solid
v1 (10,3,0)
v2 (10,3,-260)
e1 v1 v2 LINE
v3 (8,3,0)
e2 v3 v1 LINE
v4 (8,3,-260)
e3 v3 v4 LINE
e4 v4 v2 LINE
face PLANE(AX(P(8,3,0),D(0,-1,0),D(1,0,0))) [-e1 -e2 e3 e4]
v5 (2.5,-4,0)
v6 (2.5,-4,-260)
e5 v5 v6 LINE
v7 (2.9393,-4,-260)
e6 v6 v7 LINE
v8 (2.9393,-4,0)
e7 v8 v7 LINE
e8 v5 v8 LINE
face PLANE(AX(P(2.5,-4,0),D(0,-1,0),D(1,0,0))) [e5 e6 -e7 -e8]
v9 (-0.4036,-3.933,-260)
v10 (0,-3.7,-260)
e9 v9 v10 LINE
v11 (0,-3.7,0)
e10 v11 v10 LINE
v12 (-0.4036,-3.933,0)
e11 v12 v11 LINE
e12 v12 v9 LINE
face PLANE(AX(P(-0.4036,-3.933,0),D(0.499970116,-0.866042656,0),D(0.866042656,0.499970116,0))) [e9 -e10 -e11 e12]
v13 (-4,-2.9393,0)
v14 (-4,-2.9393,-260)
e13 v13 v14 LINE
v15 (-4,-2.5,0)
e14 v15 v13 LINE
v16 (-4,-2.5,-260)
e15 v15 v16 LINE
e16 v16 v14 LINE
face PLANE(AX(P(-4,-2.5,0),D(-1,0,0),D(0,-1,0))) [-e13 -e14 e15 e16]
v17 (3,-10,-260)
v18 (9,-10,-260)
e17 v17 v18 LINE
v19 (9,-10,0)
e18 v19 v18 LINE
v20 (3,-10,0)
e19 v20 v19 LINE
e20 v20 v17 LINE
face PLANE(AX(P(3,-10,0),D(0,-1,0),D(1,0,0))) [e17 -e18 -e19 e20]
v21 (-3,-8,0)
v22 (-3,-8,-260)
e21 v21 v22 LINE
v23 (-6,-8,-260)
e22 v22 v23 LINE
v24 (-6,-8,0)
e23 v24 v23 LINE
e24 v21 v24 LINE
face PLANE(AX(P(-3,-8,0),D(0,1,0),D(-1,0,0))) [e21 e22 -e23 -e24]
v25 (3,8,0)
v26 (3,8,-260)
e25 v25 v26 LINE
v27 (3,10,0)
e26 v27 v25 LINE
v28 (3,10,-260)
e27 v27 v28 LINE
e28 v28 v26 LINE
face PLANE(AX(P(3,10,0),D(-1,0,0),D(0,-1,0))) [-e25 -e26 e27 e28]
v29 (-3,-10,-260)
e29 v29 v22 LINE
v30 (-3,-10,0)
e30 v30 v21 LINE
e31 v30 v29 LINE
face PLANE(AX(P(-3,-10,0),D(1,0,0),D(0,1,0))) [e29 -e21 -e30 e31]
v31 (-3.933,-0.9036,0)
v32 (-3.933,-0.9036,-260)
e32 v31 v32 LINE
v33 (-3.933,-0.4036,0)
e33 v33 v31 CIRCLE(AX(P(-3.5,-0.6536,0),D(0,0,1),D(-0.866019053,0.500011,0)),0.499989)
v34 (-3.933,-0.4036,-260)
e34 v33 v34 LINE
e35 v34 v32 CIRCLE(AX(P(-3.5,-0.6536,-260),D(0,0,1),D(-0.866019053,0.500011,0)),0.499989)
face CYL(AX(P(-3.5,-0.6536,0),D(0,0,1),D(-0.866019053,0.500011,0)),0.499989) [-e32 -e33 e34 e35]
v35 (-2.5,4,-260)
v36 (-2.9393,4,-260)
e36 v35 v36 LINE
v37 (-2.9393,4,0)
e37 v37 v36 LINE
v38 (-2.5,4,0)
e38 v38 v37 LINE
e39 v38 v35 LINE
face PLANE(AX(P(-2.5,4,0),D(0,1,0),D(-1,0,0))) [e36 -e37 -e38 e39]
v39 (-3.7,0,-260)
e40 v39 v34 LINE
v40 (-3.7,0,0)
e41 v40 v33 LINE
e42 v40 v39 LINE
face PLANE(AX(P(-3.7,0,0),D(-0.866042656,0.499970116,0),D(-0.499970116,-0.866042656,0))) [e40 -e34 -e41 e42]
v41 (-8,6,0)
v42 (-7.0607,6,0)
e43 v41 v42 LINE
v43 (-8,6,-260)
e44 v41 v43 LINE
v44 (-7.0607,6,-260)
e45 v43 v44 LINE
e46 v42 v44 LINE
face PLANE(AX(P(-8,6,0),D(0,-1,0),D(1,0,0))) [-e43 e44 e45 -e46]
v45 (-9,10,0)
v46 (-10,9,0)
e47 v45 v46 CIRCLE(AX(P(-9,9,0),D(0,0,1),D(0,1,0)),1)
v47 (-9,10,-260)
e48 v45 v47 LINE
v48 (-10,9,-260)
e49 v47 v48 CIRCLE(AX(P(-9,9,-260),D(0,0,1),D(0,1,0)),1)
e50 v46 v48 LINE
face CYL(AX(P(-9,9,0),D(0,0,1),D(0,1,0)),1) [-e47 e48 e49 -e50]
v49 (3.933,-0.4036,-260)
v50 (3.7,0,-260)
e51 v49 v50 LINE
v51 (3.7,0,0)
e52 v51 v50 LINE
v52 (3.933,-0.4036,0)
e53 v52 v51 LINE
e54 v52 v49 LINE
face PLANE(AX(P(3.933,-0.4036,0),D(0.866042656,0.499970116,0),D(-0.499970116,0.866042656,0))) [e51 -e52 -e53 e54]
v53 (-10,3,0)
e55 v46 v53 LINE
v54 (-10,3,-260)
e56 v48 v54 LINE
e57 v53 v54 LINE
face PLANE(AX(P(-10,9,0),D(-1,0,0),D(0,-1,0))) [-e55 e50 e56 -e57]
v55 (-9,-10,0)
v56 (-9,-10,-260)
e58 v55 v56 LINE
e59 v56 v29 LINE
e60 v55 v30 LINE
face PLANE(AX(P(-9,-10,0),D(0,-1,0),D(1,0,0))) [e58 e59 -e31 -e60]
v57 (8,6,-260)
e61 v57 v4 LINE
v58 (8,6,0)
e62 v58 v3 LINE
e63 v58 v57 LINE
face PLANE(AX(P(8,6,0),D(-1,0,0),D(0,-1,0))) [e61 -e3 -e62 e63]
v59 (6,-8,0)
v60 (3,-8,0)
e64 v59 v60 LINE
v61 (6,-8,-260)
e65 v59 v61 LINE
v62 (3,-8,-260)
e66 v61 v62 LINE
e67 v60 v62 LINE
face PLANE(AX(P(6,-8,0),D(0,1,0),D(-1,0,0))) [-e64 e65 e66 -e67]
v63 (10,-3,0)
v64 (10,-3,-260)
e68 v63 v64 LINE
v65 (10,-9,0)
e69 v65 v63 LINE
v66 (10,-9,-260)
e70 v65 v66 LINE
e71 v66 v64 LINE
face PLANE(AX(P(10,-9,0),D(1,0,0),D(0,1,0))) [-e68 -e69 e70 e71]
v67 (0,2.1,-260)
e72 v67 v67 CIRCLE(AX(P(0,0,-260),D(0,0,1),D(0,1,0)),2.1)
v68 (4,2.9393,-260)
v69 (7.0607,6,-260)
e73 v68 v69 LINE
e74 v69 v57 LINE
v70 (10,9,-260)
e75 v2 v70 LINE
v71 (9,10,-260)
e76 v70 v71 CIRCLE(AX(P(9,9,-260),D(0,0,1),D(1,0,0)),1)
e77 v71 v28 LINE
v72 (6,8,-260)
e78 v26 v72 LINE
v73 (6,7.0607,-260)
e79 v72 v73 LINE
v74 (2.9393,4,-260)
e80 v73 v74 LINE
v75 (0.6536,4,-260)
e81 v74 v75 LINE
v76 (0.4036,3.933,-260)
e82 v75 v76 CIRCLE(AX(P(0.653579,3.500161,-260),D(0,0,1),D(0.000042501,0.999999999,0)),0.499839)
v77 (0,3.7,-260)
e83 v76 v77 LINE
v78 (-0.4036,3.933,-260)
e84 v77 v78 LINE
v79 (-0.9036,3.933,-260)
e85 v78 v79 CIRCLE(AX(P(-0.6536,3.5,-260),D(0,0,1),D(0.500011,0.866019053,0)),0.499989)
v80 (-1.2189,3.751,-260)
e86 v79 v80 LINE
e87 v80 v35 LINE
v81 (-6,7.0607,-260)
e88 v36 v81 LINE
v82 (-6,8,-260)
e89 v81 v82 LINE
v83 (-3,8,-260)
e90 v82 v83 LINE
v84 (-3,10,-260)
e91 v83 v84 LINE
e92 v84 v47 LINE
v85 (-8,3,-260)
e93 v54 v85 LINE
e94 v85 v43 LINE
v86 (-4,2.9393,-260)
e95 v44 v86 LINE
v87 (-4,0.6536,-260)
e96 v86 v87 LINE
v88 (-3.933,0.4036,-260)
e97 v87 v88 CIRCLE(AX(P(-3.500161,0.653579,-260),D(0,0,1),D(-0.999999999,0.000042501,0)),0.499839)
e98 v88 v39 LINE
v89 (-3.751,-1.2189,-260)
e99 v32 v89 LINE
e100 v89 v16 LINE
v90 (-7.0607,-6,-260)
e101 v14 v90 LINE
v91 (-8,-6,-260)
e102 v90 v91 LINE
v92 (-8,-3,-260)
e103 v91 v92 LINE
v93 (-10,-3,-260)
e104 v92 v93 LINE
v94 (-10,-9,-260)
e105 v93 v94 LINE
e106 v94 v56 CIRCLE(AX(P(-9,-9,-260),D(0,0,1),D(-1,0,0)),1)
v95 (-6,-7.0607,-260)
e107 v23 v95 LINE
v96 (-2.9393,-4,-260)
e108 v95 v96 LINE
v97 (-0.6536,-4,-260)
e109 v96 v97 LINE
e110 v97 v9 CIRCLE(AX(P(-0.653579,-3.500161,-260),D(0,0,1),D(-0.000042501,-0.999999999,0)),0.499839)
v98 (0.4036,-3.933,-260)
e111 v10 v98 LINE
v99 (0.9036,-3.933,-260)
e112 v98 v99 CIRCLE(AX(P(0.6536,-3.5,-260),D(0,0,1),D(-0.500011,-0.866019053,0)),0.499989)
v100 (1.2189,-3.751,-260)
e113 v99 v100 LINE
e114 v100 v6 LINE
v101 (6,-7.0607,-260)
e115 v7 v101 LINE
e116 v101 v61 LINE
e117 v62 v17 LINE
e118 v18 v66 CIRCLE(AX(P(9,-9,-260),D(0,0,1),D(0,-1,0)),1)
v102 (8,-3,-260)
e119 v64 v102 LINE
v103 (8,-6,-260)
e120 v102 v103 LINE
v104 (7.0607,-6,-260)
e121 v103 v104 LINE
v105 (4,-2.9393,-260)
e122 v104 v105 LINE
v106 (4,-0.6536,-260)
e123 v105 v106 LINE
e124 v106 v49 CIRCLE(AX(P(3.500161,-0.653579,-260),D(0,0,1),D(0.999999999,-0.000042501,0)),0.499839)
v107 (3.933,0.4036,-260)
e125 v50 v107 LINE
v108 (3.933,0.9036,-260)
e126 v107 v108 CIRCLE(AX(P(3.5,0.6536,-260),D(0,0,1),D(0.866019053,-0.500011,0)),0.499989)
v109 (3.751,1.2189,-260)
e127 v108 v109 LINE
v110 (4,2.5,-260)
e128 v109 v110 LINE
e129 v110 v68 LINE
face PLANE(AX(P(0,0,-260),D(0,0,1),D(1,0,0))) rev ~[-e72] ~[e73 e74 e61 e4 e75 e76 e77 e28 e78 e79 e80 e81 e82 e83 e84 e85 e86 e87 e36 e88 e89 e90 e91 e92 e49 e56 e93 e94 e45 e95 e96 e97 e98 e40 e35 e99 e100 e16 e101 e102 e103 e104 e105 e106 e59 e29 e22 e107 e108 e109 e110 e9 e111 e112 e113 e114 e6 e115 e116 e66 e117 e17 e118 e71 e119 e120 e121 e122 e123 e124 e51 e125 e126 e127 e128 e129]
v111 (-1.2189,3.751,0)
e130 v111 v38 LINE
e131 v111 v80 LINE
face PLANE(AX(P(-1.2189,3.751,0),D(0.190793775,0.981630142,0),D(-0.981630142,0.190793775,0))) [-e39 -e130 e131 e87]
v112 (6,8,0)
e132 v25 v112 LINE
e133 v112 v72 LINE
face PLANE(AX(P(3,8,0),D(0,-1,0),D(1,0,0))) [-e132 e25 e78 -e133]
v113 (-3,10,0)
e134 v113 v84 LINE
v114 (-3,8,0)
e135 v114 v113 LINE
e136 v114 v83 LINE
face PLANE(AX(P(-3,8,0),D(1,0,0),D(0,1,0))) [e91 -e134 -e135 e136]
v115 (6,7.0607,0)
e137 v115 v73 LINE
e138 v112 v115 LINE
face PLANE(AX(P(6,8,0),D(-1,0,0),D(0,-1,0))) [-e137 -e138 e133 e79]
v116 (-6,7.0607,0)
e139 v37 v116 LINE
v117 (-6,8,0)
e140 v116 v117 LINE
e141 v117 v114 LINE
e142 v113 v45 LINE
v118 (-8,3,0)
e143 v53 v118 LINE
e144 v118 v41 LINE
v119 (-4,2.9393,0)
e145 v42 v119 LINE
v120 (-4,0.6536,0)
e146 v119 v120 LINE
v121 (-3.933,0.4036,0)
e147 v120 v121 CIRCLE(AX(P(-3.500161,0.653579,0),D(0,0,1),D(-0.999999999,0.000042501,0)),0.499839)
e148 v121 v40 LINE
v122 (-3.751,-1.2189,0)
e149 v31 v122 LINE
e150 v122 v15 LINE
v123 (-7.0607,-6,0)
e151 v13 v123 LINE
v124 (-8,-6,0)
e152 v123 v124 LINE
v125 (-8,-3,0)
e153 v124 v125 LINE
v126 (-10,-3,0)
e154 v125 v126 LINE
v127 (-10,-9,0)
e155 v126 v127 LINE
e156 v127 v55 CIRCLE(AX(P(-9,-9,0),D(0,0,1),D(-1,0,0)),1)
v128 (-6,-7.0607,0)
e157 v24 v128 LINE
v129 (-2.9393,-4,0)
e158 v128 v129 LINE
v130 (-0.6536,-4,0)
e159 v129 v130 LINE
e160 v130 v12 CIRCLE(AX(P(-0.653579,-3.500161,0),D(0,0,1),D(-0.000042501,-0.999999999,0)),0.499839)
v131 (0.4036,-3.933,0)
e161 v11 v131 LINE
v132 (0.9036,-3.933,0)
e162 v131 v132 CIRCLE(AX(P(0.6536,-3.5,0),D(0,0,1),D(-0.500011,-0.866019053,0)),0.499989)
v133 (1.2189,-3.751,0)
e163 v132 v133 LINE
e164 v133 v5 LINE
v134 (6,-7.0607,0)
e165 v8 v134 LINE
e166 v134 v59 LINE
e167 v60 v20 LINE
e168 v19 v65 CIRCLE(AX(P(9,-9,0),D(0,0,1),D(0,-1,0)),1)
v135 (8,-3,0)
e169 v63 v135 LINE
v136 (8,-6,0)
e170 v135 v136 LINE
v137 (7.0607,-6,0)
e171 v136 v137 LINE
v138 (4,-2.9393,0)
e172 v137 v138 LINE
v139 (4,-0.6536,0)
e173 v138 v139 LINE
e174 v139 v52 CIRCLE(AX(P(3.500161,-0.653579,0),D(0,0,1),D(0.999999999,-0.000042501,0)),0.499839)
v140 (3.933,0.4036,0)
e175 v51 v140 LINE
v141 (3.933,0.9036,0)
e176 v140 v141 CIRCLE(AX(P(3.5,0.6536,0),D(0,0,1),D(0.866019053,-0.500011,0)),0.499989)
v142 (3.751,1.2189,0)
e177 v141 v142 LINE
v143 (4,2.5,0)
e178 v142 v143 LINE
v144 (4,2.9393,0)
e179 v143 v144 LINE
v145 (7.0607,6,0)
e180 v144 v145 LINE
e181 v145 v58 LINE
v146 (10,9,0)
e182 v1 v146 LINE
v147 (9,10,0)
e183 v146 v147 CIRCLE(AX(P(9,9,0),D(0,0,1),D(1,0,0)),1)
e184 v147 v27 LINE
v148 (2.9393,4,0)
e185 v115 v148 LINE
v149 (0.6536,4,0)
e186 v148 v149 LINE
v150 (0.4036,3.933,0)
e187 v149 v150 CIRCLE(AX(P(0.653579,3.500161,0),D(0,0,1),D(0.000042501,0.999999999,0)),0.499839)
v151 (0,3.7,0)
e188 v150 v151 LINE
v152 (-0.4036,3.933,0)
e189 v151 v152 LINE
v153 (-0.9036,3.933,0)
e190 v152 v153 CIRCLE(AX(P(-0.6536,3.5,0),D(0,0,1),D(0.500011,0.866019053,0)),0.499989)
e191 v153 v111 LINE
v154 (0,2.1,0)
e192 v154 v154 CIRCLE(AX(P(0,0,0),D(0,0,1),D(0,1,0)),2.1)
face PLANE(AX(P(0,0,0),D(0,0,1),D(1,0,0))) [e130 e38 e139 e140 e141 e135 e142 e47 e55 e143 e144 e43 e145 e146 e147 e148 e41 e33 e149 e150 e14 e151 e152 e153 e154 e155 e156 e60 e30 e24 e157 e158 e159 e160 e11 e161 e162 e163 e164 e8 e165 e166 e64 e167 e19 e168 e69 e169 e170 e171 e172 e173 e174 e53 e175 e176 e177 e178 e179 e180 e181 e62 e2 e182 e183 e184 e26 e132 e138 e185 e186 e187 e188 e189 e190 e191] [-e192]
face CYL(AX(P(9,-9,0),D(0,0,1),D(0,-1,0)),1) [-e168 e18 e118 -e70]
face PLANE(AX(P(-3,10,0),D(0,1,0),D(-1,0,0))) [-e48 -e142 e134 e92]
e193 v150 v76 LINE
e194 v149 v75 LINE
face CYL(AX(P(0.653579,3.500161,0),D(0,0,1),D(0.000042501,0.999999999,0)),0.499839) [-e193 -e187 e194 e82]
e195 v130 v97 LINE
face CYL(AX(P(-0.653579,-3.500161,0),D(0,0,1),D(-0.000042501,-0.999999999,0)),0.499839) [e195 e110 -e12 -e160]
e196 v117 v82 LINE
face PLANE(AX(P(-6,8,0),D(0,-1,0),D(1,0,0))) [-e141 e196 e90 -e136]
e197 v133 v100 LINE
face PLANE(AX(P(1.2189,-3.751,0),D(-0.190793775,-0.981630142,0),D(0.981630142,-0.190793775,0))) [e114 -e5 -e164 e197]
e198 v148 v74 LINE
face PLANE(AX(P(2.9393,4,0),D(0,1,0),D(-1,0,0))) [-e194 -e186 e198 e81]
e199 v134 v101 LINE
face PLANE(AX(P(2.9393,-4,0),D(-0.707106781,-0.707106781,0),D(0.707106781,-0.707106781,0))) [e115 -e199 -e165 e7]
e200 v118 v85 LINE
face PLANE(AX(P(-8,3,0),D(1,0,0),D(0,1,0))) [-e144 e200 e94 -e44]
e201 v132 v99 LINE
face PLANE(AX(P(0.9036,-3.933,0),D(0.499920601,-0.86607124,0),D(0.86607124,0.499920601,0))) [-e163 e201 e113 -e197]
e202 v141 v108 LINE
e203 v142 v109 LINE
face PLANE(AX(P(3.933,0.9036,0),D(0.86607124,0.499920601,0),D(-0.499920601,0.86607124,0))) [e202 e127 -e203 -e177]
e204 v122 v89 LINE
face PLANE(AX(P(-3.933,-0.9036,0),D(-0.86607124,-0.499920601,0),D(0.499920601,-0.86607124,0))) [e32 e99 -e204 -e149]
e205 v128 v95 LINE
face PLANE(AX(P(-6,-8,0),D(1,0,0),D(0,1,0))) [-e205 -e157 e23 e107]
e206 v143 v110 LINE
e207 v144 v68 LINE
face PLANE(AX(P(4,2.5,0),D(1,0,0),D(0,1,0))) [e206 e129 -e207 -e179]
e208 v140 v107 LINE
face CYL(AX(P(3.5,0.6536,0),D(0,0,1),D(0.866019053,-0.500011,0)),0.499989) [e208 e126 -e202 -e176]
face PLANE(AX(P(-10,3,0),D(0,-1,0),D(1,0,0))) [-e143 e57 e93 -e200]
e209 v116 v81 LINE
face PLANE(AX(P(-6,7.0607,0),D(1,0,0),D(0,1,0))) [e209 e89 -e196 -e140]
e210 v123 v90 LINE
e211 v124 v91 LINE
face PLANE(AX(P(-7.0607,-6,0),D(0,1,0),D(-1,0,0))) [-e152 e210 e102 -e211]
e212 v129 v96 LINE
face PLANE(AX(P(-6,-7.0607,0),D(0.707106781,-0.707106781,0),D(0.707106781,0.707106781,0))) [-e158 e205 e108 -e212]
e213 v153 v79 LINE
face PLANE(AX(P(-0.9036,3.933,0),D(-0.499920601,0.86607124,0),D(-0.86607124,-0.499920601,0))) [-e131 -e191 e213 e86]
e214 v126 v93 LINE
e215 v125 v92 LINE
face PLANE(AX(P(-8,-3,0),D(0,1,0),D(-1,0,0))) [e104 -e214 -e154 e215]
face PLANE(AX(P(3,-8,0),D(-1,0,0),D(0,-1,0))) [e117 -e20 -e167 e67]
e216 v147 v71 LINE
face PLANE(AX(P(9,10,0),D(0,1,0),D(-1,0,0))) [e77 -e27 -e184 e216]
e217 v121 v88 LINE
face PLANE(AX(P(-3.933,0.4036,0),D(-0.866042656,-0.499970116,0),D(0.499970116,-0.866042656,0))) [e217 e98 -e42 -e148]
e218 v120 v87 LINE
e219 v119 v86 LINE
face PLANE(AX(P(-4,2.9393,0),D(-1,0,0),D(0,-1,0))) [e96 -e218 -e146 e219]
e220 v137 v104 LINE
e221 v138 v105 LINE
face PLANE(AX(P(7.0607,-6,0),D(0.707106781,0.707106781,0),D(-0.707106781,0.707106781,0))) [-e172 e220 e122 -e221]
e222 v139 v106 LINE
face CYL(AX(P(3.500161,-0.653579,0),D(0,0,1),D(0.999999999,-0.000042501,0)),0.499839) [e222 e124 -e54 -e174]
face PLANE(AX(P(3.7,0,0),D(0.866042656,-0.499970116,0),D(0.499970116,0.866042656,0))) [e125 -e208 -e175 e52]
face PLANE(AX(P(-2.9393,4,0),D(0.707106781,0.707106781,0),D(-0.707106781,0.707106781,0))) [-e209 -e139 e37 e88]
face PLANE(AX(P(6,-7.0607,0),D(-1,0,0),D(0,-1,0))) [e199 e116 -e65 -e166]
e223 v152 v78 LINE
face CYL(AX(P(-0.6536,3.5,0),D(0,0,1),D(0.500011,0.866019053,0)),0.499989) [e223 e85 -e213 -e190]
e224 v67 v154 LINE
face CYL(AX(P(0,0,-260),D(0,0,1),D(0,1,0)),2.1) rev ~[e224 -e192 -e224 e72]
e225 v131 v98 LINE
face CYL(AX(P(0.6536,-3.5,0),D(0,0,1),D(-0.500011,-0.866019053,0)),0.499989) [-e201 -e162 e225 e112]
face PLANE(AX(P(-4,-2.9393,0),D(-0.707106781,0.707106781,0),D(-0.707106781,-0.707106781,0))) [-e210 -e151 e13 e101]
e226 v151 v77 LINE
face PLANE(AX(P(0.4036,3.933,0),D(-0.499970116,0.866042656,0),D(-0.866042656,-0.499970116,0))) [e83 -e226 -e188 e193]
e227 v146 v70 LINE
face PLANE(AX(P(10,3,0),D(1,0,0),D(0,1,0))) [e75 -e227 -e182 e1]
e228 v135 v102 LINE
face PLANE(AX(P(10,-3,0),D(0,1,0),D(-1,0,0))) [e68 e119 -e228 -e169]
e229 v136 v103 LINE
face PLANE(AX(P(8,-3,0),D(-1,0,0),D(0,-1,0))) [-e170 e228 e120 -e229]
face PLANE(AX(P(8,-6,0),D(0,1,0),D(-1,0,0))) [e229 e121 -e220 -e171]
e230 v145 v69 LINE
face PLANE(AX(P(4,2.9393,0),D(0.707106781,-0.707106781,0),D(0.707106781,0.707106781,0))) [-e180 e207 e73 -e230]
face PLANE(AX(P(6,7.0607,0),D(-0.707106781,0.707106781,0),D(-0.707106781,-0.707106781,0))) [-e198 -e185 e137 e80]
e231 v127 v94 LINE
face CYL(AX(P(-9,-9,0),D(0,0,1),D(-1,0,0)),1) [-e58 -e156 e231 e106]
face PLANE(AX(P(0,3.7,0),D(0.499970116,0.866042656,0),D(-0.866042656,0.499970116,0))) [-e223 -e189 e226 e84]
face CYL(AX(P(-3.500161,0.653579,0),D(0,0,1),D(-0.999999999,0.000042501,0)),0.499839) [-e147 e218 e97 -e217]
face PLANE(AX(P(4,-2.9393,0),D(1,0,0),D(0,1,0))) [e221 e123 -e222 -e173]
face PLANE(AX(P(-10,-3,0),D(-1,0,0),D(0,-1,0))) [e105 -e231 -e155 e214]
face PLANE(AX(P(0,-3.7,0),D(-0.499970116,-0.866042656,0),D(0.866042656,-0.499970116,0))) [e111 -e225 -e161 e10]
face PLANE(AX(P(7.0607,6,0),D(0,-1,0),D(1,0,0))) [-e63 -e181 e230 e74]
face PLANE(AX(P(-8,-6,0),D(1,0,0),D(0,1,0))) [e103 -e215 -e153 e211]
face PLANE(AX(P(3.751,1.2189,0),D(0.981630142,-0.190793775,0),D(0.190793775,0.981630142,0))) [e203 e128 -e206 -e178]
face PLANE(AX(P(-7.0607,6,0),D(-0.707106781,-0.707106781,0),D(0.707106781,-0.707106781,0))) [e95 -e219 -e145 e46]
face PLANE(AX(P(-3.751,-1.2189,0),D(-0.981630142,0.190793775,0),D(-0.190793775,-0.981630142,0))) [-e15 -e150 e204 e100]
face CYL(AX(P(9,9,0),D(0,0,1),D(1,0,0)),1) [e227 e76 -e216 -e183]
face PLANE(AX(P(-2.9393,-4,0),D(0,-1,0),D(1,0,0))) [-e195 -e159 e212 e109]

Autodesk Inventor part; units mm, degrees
sketch "Sketch_75" plane through (0, 0, 0) normal (0, 0, 1) x (1, 0, 0)
  line L0 (-10, -3) -> (-10, -9)
  arc A0 (-10, -9) -> (-9, -10) centre (-9, -9) ccw
  line L1 (-9, -10) -> (-3, -10)
  line L2 (-3, -10) -> (-3, -8)
  line L3 (-3, -8) -> (-6, -8)
  line L4 (-6, -8) -> (-6, -7.0607)
  line L5 (-6, -7.0607) -> (-2.9393, -4)
  line L6 (-2.9393, -4) -> (-0.6536, -4)
  arc A1 (-0.6536, -4) -> (-0.4036, -3.933) centre (-0.6536, -3.5) ccw
  line L7 (-0.4036, -3.933) -> (0, -3.7)
  line L8 (0, -3.7) -> (0.4036, -3.933)
  arc A2 (0.4036, -3.933) -> (0.9036, -3.933) centre (0.6536, -3.5) ccw
  line L9 (0.9036, -3.933) -> (1.2189, -3.751)
  line L10 (1.2189, -3.751) -> (2.5, -4)
  line L11 (2.5, -4) -> (2.9393, -4)
  line L12 (2.9393, -4) -> (6, -7.0607)
  line L13 (6, -7.0607) -> (6, -8)
  line L14 (6, -8) -> (3, -8)
  line L15 (3, -8) -> (3, -10)
  line L16 (3, -10) -> (9, -10)
  arc A3 (9, -10) -> (10, -9) centre (9, -9) ccw
  line L17 (10, -9) -> (10, -3)
  line L18 (10, -3) -> (8, -3)
  line L19 (8, -3) -> (8, -6)
  line L20 (8, -6) -> (7.0607, -6)
  line L21 (7.0607, -6) -> (4, -2.9393)
  line L22 (4, -2.9393) -> (4, -0.6536)
  arc A4 (4, -0.6536) -> (3.933, -0.4036) centre (3.5, -0.6536) ccw
  line L23 (3.933, -0.4036) -> (3.7, 0)
  line L24 (3.7, 0) -> (3.933, 0.4036)
  arc A5 (3.933, 0.4036) -> (3.933, 0.9036) centre (3.5, 0.6536) ccw
  line L25 (3.933, 0.9036) -> (3.751, 1.2189)
  line L26 (3.751, 1.2189) -> (4, 2.5)
  line L27 (4, 2.5) -> (4, 2.9393)
  line L28 (4, 2.9393) -> (7.0607, 6)
  line L29 (7.0607, 6) -> (8, 6)
  line L30 (8, 6) -> (8, 3)
  line L31 (8, 3) -> (10, 3)
  line L32 (10, 3) -> (10, 9)
  arc A6 (10, 9) -> (9, 10) centre (9, 9) ccw
  line L33 (9, 10) -> (3, 10)
  line L34 (3, 10) -> (3, 8)
  line L35 (3, 8) -> (6, 8)
  line L36 (6, 8) -> (6, 7.0607)
  line L37 (6, 7.0607) -> (2.9393, 4)
  line L38 (2.9393, 4) -> (0.6536, 4)
  arc A7 (0.6536, 4) -> (0.4036, 3.933) centre (0.6536, 3.5) ccw
  line L39 (0.4036, 3.933) -> (0, 3.7)
  line L40 (0, 3.7) -> (-0.4036, 3.933)
  arc A8 (-0.4036, 3.933) -> (-0.9036, 3.933) centre (-0.6536, 3.5) ccw
  line L41 (-0.9036, 3.933) -> (-1.2189, 3.751)
  line L42 (-1.2189, 3.751) -> (-2.5, 4)
  line L43 (-2.5, 4) -> (-2.9393, 4)
  line L44 (-2.9393, 4) -> (-6, 7.0607)
  line L45 (-6, 7.0607) -> (-6, 8)
  line L46 (-6, 8) -> (-3, 8)
  line L47 (-3, 8) -> (-3, 10)
  line L48 (-3, 10) -> (-9, 10)
  arc A9 (-9, 10) -> (-10, 9) centre (-9, 9) ccw
  line L49 (-10, 9) -> (-10, 3)
  line L50 (-10, 3) -> (-8, 3)
  line L51 (-8, 3) -> (-8, 6)
  line L52 (-8, 6) -> (-7.0607, 6)
  line L53 (-7.0607, 6) -> (-4, 2.9393)
  line L54 (-4, 2.9393) -> (-4, 0.6536)
  arc A10 (-4, 0.6536) -> (-3.933, 0.4036) centre (-3.5, 0.6536) ccw
  line L55 (-3.933, 0.4036) -> (-3.7, 0)
  line L56 (-3.7, 0) -> (-3.933, -0.4036)
  arc A11 (-3.933, -0.4036) -> (-3.933, -0.9036) centre (-3.5, -0.6536) ccw
  line L57 (-3.933, -0.9036) -> (-3.751, -1.2189)
  line L58 (-3.751, -1.2189) -> (-4, -2.5)
  line L59 (-4, -2.5) -> (-4, -2.9393)
  line L60 (-4, -2.9393) -> (-7.0607, -6)
  line L61 (-7.0607, -6) -> (-8, -6)
  line L62 (-8, -6) -> (-8, -3)
  line L63 (-8, -3) -> (-10, -3)
extrude "Extrusion1" add sketch "Sketch_75" against normal blind 260
sketch "Sketch2" plane through (0, 0, -260) normal (0, 0, -1) x (-1, 0, 0)
  point P0 (0, 0)
hole "Hole1" at (0, 0, -260) direction (0, 0, 1) diameter 4.2 depth 260
ref_plane "C1_XY" through (0, 0, 0) normal (0, 0, 1) x (1, 0, 0)
ref_plane "C1_YZ" through (0, 0, 0) normal (1, 0, 0) x (0, 1, 0)
ref_plane "C1_ZX" through (0, 0, 0) normal (0, 1, 0) x (0, 0, 1)
properties part number "NFS5-2020-260"
